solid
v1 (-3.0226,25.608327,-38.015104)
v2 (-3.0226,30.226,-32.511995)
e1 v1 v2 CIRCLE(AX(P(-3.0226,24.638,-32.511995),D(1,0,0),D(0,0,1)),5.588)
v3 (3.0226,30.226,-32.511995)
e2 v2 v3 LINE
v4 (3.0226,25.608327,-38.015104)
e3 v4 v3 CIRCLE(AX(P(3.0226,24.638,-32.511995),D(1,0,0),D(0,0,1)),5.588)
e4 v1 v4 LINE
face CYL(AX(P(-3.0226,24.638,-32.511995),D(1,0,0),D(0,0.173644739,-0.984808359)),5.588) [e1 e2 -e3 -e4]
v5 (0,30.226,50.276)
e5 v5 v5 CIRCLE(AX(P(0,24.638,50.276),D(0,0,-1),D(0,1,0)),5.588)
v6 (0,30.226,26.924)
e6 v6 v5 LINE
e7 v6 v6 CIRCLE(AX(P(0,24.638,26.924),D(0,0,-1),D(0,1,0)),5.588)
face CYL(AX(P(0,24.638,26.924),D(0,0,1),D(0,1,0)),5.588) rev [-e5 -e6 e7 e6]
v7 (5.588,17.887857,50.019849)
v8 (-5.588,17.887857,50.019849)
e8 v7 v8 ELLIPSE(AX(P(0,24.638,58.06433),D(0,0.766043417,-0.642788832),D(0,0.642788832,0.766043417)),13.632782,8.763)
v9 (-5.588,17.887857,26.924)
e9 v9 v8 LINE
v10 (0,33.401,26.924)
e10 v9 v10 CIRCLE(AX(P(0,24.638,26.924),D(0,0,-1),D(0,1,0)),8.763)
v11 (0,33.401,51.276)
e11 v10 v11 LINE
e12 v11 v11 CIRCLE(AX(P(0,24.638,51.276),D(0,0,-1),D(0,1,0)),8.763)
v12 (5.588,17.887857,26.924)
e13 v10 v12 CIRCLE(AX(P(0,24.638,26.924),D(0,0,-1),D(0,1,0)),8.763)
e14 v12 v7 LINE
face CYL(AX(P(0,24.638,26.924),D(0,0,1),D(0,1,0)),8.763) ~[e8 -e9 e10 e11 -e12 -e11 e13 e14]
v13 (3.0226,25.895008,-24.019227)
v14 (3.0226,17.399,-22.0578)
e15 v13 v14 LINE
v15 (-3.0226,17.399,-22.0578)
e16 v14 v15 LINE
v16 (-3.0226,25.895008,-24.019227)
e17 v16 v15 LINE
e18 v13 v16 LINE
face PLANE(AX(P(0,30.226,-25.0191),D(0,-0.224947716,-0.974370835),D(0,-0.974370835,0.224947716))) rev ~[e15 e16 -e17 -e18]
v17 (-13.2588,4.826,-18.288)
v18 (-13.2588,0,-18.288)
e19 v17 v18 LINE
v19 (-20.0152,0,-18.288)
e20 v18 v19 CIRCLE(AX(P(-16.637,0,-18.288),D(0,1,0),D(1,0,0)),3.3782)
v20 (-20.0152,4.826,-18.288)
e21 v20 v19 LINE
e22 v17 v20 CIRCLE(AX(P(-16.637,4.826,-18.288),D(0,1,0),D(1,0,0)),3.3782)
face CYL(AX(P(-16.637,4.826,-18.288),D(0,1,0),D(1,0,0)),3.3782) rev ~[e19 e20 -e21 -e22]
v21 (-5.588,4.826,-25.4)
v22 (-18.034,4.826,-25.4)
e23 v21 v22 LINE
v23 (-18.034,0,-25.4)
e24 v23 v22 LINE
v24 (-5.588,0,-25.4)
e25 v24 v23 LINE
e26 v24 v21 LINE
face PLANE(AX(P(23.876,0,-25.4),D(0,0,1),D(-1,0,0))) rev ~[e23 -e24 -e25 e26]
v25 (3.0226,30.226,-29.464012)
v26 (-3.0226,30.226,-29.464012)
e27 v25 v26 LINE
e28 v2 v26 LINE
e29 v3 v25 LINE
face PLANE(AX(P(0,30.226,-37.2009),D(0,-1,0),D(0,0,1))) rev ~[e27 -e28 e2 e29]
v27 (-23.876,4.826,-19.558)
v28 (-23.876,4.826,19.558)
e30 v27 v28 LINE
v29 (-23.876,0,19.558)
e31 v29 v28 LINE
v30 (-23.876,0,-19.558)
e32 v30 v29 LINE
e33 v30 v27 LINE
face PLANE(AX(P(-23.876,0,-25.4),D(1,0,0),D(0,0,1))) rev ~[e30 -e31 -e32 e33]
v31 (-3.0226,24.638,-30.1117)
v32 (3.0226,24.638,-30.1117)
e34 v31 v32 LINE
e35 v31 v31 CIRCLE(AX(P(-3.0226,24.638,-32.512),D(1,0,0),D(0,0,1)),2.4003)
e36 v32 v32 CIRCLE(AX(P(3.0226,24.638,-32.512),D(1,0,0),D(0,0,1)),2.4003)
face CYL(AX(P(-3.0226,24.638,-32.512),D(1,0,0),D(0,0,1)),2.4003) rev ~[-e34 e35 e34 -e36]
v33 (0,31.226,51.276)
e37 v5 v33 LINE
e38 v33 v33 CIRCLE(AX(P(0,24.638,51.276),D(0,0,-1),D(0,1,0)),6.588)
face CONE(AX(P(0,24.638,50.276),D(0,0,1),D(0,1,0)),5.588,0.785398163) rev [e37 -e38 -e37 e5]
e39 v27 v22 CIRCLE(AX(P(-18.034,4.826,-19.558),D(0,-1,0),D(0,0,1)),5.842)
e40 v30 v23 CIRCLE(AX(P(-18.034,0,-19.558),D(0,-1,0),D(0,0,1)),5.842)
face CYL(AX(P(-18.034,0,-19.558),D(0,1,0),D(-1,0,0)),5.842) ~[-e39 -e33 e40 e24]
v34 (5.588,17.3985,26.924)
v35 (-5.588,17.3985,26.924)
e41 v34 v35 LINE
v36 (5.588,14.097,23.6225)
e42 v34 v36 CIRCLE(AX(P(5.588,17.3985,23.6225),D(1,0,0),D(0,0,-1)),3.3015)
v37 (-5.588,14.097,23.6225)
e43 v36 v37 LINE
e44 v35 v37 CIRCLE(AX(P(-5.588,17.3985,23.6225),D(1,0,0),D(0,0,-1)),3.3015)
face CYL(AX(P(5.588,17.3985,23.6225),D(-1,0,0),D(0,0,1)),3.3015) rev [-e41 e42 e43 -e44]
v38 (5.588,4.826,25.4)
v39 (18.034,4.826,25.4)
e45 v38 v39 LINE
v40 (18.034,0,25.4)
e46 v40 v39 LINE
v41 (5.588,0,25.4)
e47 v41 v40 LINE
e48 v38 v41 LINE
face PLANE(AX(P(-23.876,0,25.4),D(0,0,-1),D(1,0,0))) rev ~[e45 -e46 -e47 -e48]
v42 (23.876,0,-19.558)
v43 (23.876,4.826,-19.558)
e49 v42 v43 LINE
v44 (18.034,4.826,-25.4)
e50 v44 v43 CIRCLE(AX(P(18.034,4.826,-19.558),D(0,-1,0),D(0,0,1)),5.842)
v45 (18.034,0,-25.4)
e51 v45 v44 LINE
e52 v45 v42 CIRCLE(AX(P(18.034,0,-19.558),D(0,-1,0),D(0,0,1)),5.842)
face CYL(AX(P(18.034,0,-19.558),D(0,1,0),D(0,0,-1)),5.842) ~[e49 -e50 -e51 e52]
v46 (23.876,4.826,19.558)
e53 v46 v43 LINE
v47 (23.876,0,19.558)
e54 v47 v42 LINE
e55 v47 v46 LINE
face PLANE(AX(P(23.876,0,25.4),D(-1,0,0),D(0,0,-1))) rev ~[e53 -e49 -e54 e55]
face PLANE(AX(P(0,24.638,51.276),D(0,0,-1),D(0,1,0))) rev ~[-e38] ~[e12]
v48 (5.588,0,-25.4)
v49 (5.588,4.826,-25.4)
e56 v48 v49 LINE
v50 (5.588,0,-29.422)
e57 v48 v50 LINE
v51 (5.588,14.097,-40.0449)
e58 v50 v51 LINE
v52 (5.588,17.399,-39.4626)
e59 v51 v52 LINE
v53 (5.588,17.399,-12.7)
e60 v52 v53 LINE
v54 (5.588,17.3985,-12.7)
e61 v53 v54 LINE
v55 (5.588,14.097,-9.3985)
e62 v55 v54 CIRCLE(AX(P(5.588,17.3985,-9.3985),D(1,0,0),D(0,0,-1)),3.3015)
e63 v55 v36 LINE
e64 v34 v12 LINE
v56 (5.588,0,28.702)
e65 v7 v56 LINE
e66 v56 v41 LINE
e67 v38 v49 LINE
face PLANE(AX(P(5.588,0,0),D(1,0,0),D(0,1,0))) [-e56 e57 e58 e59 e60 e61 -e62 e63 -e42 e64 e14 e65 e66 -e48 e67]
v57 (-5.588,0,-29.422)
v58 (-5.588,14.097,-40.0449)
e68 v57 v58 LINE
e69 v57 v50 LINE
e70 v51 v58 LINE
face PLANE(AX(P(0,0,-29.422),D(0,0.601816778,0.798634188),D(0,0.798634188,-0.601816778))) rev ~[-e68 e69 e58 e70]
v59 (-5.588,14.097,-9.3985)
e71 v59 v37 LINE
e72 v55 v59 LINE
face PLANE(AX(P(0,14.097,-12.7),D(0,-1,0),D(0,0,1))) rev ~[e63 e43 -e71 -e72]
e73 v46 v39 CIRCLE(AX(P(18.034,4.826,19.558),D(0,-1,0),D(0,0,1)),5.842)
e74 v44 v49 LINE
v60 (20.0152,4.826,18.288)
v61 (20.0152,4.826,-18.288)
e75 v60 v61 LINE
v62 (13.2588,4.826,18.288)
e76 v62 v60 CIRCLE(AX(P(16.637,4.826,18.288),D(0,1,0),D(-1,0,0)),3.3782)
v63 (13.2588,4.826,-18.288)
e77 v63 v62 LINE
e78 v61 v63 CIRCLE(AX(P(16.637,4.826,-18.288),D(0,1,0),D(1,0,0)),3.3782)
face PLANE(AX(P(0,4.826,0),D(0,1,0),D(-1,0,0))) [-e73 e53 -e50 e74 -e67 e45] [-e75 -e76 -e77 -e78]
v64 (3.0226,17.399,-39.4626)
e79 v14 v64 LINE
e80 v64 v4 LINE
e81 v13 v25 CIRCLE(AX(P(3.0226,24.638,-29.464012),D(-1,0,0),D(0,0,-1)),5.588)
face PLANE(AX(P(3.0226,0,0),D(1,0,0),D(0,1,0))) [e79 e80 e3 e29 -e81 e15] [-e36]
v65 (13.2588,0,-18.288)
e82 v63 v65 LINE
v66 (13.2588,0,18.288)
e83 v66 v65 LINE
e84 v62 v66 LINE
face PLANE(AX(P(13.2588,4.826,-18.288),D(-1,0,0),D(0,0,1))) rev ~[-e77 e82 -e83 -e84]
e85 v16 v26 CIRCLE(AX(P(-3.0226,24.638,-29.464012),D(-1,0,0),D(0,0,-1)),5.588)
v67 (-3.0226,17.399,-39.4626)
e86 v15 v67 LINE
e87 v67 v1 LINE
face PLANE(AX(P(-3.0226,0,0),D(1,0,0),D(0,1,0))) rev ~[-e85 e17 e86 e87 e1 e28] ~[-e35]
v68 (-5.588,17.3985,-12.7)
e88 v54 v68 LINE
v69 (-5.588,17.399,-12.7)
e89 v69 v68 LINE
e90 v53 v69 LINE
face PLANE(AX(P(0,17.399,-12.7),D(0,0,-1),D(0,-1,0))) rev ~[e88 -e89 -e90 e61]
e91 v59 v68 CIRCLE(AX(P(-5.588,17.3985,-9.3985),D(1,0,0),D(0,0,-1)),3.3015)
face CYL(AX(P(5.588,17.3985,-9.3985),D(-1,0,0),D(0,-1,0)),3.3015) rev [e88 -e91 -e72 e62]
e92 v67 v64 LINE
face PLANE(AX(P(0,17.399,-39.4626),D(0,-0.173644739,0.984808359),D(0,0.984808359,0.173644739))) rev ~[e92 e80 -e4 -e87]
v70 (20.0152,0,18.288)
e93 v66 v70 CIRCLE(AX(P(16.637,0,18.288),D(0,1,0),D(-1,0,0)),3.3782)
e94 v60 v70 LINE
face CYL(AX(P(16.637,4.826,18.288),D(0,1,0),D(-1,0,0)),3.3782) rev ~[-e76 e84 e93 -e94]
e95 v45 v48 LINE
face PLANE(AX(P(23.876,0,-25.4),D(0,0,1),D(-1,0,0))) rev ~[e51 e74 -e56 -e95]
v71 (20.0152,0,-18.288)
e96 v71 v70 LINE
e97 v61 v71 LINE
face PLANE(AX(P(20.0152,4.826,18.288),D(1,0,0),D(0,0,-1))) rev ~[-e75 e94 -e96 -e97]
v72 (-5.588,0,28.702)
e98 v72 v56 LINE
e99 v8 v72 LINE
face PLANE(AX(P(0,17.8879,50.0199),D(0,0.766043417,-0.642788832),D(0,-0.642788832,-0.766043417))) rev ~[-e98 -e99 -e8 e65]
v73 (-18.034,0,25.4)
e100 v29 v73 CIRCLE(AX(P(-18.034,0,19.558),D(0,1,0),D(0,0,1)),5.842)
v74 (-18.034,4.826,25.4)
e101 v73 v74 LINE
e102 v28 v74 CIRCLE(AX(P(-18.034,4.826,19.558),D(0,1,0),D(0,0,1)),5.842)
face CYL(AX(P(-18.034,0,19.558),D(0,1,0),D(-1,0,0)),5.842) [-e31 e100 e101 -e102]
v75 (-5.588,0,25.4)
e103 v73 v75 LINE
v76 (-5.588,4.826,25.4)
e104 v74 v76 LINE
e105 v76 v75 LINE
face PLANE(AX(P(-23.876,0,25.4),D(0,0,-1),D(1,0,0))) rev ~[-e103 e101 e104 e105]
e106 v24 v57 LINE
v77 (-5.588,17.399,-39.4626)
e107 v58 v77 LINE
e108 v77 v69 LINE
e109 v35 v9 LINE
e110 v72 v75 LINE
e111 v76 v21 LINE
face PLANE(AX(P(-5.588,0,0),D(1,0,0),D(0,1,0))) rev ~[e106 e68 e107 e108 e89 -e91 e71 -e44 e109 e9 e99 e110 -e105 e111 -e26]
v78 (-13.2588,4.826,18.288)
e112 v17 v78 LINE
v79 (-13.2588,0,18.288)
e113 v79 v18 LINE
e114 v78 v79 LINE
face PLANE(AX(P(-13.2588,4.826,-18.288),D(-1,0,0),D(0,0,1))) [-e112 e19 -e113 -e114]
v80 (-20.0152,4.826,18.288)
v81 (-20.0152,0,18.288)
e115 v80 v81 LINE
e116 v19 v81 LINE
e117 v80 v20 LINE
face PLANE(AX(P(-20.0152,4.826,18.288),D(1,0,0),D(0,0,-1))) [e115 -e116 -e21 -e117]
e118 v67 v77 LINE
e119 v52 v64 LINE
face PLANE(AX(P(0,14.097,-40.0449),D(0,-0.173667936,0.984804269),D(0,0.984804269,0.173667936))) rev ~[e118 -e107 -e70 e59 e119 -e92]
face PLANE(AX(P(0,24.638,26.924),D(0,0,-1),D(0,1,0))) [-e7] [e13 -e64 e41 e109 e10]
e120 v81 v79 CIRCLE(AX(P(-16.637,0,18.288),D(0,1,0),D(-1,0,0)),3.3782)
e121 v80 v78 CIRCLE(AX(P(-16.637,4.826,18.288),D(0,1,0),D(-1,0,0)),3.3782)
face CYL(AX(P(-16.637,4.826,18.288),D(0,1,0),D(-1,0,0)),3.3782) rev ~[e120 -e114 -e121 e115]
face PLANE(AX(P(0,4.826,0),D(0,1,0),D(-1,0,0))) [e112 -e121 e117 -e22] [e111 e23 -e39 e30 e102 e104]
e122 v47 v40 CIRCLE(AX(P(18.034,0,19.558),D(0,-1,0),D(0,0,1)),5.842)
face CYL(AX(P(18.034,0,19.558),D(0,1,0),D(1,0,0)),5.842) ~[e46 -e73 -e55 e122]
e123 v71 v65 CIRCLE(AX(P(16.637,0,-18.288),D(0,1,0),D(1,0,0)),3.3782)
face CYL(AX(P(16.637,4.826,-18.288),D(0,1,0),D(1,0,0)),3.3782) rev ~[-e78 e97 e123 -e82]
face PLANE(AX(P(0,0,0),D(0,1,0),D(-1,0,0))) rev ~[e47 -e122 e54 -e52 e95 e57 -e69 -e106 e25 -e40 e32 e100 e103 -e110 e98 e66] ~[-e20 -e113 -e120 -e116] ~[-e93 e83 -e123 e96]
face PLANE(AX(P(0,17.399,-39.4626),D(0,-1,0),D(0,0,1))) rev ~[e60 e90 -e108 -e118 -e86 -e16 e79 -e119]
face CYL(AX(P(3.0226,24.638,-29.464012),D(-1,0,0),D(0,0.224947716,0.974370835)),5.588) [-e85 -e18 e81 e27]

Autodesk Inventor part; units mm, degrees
ref_plane "YZ Plane" through (0, 0, 0) normal (1, 0, 0) x (0, 1, 0)
ref_plane "XZ Plane" through (0, 0, 0) normal (0, 1, 0) x (-1, 0, 0)
ref_plane "XY Plane" through (0, 0, 0) normal (0, 0, 1) x (1, 0, 0)
sketch "Sketch1" plane through (0, 0, 0) normal (0, 1, 0) x (-1, 0, 0)
  line L0 (23.876, 25.4) -> (-23.876, 25.4)
  line L1 (23.876, -25.4) -> (23.876, 25.4)
  line L2 (-23.876, -25.4) -> (23.876, -25.4)
  line L3 (-23.876, 25.4) -> (-23.876, -25.4)
  point P0 (0, 0)
extrude "Extrusion1" add sketch "Sketch1" along normal blind 4.826
fillet "Fillet1" radius 5.842 4 edges at (23.876, 2.413, 25.4) (23.876, 2.413, -25.4) (-23.876, 2.413, 25.4) (-23.876, 2.413, -25.4)
sketch "Sketch2" plane through (0, 4.826, 0) normal (0, 1, 0) x (1, 0, 0)
  line L0 (-23.876, 19.558) -> (-23.876, -19.558) projected
  line L1 (23.876, -19.558) -> (23.876, 19.558) projected
  line L2 (18.034, 25.4) -> (-18.034, 25.4) projected
  line L3 (-20.0152, -18.288) -> (-20.0152, 18.288)
  arc A0 (-13.2588, 18.288) -> (-20.0152, 18.288) centre (-16.637, 18.288) ccw
  line L4 (-13.2588, 18.288) -> (-13.2588, -18.288)
  arc A1 (-20.0152, -18.288) -> (-13.2588, -18.288) centre (-16.637, -18.288) ccw
  line L5 (0, 26.1612) -> (0, 0) construction
  line L6 (20.0152, -18.288) -> (20.0152, 18.288)
  arc A2 (20.0152, 18.288) -> (13.2588, 18.288) centre (16.637, 18.288) ccw
  line L7 (13.2588, 18.288) -> (13.2588, -18.288)
  arc A3 (13.2588, -18.288) -> (20.0152, -18.288) centre (16.637, -18.288) ccw
  dimension "d3" = 3.3782
  dimension "d5" = 36.576
  dimension "d6" = 7.239
  dimension "d7" = 7.112
extrude "Extrusion2" cut sketch "Sketch2" against normal up to next
sketch "Sketch3" plane through (0, 0, 0) normal (1, 0, 0) x (0, 1, 0)
  line L0 (17.8879, 50.0199) -> (0, 28.702)
  line L1 (17.8879, 50.0199) -> (17.8879, 26.924)
  line L2 (14.097, 26.924) -> (17.8879, 26.924)
  line L3 (14.097, -12.7) -> (14.097, 26.924)
  line L4 (17.399, -39.4626) -> (17.399, -12.7)
  line L5 (14.097, -40.0449) -> (17.399, -39.4626)
  line L6 (0, -29.422) -> (14.097, -40.0449)
  line L7 (17.399, -12.7) -> (14.097, -12.7)
  line L8 (0, 28.702) -> (0, -29.422)
  point P0 (0, 0)
extrude "Extrusion3" add sketch "Sketch3" along normal mid plane 11.176
fillet "Fillet2" radius 3.302 2 edges at (0, 14.097, -12.7) (0, 14.097, 26.924)
sketch "Sketch4" plane through (0, 0, 0) normal (1, 0, 0) x (0, 1, 0)
  line L0 (17.399, -39.4626) -> (30.226, -37.2009)
  line L1 (30.226, -37.2009) -> (30.226, -25.0191)
  line L2 (30.226, -25.0191) -> (17.399, -22.0578)
  line L3 (17.399, -22.0578) -> (17.399, -39.4626)
  point P0 (0, 0)
extrude "Extrusion4" add sketch "Sketch4" along normal mid plane 6.0452
fillet "Fillet3" radius 5.588 2 edges at (0, 30.226, -25.0191) (0, 30.226, -37.2009)
sketch "Sketch6" plane through (0, 0, 0) normal (1, 0, 0) x (0, 1, 0)
  line L0 (33.401, 26.924) -> (30.226, 26.924)
  line L1 (33.401, 51.276) -> (31.226, 51.276)
  line L2 (33.401, 26.924) -> (33.401, 51.276)
  line L3 (30.226, 50.276) -> (31.226, 51.276)
  line L4 (24.638, 51.276) -> (24.638, 26.924) construction
  line L5 (17.8879, 50.0199) -> (17.8879, 26.924) construction
  line L6 (30.226, 26.924) -> (30.226, 50.276)
  point P0 (0, 0)
  dimension "d27" = 3.175
  dimension "d28" = 24.352
  dimension "d29" = 2.175
  dimension "d30" = 1
  dimension "d31" = 1
  dimension "d33" = 24.352
  dimension "d38" = 12.3381
  dimension "d40" = 4.6584
revolve "Revolution1" add sketch "Sketch6" angle 360 about axis through (0, 24.638, 51.276) along (0, 0, -1)
sketch "Sketch7" plane through (-3.0226, 0, 0) normal (-1, 0, 0) x (0, 0, 1)
  line L0 (-12.7, 17.399) -> (-39.4626, 17.399) projected
  point P0 (0, 0)
  point P1 (-32.512, 24.638)
  dimension "d42" = 7.239
  dimension "d43" = 6.9506
hole "Hole2" at (-3.0226, 24.638, -32.512) direction (1, 0, 0) diameter 4.8006 end through all
properties part number "Base_1"
